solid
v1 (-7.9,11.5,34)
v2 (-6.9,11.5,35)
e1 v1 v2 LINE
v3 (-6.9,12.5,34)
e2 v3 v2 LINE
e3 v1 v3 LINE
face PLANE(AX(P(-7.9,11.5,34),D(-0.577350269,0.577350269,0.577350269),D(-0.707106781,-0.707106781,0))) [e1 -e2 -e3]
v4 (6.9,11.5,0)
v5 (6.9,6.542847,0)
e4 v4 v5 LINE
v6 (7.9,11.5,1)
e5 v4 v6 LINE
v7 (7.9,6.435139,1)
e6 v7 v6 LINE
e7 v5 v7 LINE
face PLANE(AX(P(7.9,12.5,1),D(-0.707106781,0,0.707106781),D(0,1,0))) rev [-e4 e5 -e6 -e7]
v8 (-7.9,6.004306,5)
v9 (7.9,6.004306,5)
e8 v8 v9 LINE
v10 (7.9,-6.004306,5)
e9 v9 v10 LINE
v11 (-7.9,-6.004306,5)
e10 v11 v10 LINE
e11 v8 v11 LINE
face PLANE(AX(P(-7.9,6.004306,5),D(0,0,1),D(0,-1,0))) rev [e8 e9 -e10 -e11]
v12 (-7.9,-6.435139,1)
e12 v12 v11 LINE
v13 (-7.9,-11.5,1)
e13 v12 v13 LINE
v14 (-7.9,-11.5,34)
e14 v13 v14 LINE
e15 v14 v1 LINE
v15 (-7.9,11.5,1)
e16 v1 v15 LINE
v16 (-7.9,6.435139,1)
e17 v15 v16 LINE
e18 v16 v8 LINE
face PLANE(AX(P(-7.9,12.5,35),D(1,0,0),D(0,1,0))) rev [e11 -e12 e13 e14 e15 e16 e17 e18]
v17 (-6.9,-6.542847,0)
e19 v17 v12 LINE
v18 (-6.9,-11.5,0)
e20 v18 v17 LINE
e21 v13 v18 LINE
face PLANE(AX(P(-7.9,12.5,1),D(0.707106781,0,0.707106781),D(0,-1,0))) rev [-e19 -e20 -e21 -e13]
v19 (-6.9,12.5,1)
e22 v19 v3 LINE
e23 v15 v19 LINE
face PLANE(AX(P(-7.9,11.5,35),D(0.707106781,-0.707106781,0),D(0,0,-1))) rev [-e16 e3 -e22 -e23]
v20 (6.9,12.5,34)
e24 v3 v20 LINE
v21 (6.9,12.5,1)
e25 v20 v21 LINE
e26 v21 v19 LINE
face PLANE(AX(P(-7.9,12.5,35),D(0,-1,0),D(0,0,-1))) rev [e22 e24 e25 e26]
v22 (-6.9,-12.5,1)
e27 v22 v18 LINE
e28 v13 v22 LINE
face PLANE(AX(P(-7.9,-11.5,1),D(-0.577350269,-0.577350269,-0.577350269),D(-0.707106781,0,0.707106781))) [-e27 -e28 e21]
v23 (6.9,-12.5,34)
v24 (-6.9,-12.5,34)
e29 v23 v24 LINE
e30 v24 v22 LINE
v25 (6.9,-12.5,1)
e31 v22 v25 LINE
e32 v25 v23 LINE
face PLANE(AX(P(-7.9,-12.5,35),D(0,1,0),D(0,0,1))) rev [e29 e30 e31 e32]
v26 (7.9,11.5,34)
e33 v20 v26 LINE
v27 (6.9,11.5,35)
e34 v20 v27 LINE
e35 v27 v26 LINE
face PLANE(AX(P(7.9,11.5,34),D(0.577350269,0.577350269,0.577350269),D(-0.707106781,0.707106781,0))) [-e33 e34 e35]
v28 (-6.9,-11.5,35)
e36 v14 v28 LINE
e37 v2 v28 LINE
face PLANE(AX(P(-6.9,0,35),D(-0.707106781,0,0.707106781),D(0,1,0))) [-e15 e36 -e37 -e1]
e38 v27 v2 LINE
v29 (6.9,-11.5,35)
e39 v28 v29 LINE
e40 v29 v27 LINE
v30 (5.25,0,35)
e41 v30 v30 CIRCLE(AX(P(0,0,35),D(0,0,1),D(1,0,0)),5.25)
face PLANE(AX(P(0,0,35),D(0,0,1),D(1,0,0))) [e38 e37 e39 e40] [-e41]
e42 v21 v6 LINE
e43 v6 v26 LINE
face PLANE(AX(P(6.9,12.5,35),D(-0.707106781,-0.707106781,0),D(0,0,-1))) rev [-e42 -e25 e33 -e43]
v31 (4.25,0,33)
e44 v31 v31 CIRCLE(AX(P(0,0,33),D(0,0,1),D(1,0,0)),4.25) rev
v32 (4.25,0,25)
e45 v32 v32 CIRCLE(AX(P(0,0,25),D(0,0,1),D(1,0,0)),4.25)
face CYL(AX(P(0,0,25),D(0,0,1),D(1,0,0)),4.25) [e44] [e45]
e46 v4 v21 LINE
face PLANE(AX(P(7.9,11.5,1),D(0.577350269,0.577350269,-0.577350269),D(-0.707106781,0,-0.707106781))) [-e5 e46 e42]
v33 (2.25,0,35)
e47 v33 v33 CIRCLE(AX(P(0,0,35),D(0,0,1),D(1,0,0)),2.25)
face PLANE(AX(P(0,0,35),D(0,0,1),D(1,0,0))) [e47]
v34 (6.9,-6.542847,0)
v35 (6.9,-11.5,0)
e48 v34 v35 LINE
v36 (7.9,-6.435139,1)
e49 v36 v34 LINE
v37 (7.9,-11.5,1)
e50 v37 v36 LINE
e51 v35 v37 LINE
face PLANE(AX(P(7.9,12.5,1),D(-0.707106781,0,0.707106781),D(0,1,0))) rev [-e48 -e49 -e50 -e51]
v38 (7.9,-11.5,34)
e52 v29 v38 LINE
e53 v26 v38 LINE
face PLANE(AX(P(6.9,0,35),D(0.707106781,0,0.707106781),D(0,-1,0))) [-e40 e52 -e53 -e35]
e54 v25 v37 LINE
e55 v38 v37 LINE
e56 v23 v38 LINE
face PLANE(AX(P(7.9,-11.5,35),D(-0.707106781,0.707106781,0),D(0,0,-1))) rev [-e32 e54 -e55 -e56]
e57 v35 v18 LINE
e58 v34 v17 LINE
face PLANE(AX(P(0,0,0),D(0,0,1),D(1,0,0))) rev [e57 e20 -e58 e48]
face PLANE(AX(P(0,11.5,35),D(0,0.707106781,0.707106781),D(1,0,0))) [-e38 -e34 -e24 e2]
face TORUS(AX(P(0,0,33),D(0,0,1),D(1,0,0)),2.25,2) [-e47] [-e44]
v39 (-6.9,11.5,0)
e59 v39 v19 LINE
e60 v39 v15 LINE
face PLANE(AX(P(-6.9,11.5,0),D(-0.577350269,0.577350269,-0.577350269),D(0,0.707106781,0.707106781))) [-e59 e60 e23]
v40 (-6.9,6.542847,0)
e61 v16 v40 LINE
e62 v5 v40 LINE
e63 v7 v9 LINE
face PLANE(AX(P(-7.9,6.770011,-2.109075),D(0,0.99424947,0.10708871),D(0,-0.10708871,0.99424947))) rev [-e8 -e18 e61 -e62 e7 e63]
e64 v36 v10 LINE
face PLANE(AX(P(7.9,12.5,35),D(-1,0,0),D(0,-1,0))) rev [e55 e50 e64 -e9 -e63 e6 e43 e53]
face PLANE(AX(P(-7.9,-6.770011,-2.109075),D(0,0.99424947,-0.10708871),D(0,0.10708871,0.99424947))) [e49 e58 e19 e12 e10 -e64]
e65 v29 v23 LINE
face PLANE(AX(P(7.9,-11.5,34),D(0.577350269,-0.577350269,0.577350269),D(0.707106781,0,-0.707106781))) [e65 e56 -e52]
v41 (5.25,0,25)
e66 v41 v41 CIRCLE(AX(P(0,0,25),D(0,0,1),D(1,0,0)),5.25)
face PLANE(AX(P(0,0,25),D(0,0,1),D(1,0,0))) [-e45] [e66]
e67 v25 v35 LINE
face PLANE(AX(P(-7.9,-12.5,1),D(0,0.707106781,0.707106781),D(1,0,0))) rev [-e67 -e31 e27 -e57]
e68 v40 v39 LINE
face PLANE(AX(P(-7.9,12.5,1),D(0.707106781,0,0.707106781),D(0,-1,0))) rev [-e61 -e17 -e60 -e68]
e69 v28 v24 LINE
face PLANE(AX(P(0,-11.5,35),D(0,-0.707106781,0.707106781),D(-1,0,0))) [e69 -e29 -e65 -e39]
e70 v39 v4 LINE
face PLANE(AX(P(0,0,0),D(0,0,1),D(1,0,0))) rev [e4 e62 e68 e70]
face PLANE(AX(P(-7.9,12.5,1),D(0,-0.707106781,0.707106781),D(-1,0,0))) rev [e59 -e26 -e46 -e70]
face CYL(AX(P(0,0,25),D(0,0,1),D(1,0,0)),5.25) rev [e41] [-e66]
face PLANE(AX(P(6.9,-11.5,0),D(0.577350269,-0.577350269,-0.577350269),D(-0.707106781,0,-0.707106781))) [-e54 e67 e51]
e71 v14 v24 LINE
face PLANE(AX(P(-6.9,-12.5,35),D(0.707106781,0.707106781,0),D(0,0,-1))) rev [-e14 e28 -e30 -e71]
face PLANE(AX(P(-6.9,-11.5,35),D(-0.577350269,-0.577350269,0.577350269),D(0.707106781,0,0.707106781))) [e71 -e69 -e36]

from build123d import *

# Parameters (mm, degrees)
SKETCH_3_W               = 15.8
SKETCH_3_H               = 25
EXTRUDE_2_DEPTH          = 35
SKETCH_4_R               = 5.25
SKETCH_4_R_2             = 4.25
CUT_EXTRUDE_1_DEPTH      = 10
CUT_EXTRUDE_3_DEPTH      = 38.995526052
CUT_EXTRUDE_3_DEPTH_BACK = 38.995526052
FILLET_1_R               = 2
CHAMFER_1_SIZE           = 1


with BuildPart() as part:
    # 스케치3 → 보스-돌출2 (new body)
    with BuildSketch(Plane.XY):
        Rectangle(SKETCH_3_W, SKETCH_3_H)
    extrude(amount=EXTRUDE_2_DEPTH)

    # 스케치4 → 컷-돌출1 (cut)
    with BuildSketch(Plane.XY.offset(35)):
        Circle(SKETCH_4_R)
        Circle(SKETCH_4_R_2, mode=Mode.SUBTRACT)
    extrude(amount=-CUT_EXTRUDE_1_DEPTH, mode=Mode.SUBTRACT)

    # 스케치5 → 컷-돌출3 (cut, two sides: drawn at the far end of the back side and taken through both)
    with BuildSketch(Plane(origin=(0, 0, 0), x_dir=(0, 0, -1), z_dir=(1, 0, 0)).offset(-CUT_EXTRUDE_3_DEPTH_BACK)):
        Polygon((2.109074987, 6.770011202), (-5, 6.004306325), (-5, -6.004306325), (2.109074987, -6.770011202), align=None)
    extrude(amount=CUT_EXTRUDE_3_DEPTH + CUT_EXTRUDE_3_DEPTH_BACK, mode=Mode.SUBTRACT)

    # 필렛1
    fillet_1_edges = [part.edges().sort_by_distance(p)[0] for p in [
        (-4.25, 0, 35),
    ]]
    fillet(fillet_1_edges, radius=FILLET_1_R)

    # 모따기1
    chamfer_1_edges = [part.edges().sort_by_distance(p)[0] for p in [
        (-7.9, 0, 35),
        (0, -12.5, 35),
        (7.9, 9.521423383, 0),
        (-7.9, -9.521423383, 0),
        (7.9, 0, 35),
        (0, -12.5, 0),
        (-7.9, 9.521423383, 0),
        (0, 12.5, 0),
        (7.9, -9.521423383, 0),
        (0, 12.5, 35),
        (7.9, -12.5, 17.5),
        (-7.9, -12.5, 17.5),
        (-7.9, 12.5, 17.5),
        (7.9, 12.5, 17.5),
    ]]
    chamfer(chamfer_1_edges, length=CHAMFER_1_SIZE)


solid = part.part
